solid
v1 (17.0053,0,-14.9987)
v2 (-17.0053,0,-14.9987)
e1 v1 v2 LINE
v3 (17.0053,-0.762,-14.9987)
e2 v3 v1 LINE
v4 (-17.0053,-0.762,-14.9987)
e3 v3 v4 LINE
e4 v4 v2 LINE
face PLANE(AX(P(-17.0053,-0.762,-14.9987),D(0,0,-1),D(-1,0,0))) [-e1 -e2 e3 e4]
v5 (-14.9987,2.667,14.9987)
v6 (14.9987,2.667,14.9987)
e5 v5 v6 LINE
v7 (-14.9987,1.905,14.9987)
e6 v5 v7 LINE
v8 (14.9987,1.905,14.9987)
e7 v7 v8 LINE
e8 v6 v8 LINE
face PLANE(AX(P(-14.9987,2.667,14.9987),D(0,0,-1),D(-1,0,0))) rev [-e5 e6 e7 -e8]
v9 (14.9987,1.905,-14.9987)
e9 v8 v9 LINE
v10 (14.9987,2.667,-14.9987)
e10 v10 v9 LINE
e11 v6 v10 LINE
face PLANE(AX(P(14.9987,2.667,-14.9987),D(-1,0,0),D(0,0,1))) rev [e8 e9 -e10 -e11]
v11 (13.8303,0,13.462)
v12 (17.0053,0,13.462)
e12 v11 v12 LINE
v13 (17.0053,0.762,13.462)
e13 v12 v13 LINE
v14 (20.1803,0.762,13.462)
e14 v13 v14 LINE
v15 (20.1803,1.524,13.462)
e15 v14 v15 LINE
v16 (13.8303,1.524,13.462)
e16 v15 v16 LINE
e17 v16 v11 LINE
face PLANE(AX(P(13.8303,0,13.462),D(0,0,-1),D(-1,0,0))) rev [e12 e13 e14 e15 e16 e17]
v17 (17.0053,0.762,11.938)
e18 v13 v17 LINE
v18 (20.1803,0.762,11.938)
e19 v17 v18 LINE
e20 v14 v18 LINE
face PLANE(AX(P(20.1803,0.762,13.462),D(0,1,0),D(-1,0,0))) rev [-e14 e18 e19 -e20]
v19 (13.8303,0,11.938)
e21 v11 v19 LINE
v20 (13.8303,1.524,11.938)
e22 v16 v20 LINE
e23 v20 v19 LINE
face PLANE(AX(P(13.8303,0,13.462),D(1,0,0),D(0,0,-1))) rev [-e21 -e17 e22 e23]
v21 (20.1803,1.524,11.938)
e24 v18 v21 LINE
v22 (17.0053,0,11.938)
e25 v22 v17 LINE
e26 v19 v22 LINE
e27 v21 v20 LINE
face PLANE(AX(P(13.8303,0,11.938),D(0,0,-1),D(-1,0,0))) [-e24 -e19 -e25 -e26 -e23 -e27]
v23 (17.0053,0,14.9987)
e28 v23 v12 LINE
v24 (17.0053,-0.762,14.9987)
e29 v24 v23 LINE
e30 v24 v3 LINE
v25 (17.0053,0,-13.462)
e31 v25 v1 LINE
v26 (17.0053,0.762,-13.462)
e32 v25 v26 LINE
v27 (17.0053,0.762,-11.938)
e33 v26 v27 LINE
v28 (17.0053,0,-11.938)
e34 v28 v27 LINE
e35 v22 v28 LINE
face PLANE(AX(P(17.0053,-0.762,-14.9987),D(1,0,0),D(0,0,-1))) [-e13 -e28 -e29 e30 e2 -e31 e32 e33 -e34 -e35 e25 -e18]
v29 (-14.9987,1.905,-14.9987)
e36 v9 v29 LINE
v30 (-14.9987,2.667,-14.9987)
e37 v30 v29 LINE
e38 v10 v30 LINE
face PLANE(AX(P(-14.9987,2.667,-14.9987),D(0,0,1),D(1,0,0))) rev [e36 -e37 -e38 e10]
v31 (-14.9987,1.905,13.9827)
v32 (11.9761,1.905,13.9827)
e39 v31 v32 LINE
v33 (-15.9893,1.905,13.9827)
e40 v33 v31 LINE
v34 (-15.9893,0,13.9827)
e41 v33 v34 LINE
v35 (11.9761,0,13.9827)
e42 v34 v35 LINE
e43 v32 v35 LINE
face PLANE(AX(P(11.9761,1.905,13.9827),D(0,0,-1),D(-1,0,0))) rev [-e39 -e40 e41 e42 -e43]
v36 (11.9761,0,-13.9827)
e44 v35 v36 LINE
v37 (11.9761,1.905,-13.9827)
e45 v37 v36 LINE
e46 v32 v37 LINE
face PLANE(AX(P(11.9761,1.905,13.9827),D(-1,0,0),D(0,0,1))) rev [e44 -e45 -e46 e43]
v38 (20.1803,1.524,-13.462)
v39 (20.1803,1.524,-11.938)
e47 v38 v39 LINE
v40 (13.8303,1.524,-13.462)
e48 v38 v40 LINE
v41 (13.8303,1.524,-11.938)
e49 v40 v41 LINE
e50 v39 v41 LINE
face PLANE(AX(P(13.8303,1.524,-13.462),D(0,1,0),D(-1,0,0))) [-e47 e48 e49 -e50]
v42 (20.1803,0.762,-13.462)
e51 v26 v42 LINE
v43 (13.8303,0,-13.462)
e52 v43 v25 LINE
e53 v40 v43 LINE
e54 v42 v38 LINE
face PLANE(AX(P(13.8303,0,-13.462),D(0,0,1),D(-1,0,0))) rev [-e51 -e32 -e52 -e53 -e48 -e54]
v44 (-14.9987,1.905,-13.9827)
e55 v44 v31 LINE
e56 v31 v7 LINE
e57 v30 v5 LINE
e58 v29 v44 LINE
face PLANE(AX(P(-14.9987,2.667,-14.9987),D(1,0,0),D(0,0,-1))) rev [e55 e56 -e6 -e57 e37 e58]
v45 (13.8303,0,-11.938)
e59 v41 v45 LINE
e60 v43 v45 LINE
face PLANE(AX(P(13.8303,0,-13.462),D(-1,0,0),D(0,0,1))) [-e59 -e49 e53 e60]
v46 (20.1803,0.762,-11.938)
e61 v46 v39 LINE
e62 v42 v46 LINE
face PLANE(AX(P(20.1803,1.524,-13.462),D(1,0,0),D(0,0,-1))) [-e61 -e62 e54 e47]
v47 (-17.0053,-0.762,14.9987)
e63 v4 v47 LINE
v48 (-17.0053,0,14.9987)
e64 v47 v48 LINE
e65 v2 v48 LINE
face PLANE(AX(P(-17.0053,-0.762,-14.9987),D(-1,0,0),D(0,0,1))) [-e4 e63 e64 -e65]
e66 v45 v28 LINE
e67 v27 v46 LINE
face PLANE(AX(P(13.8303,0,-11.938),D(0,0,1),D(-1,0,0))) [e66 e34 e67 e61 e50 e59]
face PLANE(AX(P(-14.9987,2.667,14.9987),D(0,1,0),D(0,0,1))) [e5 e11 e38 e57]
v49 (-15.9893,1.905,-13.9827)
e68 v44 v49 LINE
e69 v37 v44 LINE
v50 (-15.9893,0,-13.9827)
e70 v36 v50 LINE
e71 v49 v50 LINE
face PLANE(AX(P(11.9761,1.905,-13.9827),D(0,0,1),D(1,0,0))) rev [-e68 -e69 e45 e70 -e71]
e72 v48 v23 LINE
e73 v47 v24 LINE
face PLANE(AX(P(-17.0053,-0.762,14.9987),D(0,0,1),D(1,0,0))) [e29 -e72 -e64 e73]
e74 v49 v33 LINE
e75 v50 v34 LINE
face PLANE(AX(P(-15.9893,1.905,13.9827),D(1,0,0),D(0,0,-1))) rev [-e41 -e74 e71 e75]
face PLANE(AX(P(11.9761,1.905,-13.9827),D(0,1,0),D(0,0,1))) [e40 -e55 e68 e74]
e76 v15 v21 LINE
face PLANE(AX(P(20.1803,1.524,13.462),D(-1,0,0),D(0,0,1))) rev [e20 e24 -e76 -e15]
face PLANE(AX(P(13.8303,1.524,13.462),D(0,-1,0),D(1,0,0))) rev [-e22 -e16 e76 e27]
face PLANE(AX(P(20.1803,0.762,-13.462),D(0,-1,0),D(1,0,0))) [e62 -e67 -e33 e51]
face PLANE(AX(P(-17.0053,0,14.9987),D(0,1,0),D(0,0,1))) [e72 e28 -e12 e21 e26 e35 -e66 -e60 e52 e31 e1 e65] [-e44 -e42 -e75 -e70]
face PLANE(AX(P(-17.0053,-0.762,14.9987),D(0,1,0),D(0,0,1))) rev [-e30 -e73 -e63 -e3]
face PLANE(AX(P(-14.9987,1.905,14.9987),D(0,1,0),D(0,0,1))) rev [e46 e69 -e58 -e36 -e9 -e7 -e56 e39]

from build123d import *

# Parameters (mm, degrees)
SKETCH1_W      = 34.0106
SKETCH1_H      = 29.9974
EXTRUDE1_DEPTH = 0.762
SKETCH2_W      = 27.9654
SKETCH2_H      = 27.9654
EXTRUDE2_DEPTH = 1.905
SKETCH3_W      = 29.9974
SKETCH3_H      = 29.9974
EXTRUDE3_DEPTH = 0.762
EXTRUDE4_START = 12.7
EXTRUDE4_DEPTH = 0.762


with BuildPart() as part:
    # Sketch1 → Extrude1 (new body)
    with BuildSketch(Plane(origin=(0, 0, 0), x_dir=(1, 0, 0), z_dir=(0, 1, 0))):
        Rectangle(SKETCH1_W, SKETCH1_H)
    extrude(amount=-EXTRUDE1_DEPTH)

    # Sketch2 → Extrude2 (add)
    with BuildSketch(Plane(origin=(0, 0, 0), x_dir=(-1, 0, 0), z_dir=(0, 1, 0))):
        with Locations((2.0066, 0)):
            Rectangle(SKETCH2_W, SKETCH2_H)
    extrude(amount=EXTRUDE2_DEPTH)

    # Sketch3 → Extrude3 (add)
    with BuildSketch(Plane(origin=(0, 1.905, 0), x_dir=(-1, 0, 0), z_dir=(0, 1, 0))):
        Rectangle(SKETCH3_W, SKETCH3_H)
    extrude(amount=EXTRUDE3_DEPTH)

    # Sketch4 → Extrude4 (add, symmetric)
    with BuildSketch(Plane.XY.offset(EXTRUDE4_START)):
        Polygon((13.8303, 0), (13.8303, 1.524), (20.1803, 1.524), (20.1803, 0.762), (17.0053, 0.762), (17.0053, 0), align=None)
    extrude4 = extrude(amount=EXTRUDE4_DEPTH, both=True)

    # Mirror1: Extrude4 across plane
    add(extrude4.mirror(Plane.XY))


solid = part.part
